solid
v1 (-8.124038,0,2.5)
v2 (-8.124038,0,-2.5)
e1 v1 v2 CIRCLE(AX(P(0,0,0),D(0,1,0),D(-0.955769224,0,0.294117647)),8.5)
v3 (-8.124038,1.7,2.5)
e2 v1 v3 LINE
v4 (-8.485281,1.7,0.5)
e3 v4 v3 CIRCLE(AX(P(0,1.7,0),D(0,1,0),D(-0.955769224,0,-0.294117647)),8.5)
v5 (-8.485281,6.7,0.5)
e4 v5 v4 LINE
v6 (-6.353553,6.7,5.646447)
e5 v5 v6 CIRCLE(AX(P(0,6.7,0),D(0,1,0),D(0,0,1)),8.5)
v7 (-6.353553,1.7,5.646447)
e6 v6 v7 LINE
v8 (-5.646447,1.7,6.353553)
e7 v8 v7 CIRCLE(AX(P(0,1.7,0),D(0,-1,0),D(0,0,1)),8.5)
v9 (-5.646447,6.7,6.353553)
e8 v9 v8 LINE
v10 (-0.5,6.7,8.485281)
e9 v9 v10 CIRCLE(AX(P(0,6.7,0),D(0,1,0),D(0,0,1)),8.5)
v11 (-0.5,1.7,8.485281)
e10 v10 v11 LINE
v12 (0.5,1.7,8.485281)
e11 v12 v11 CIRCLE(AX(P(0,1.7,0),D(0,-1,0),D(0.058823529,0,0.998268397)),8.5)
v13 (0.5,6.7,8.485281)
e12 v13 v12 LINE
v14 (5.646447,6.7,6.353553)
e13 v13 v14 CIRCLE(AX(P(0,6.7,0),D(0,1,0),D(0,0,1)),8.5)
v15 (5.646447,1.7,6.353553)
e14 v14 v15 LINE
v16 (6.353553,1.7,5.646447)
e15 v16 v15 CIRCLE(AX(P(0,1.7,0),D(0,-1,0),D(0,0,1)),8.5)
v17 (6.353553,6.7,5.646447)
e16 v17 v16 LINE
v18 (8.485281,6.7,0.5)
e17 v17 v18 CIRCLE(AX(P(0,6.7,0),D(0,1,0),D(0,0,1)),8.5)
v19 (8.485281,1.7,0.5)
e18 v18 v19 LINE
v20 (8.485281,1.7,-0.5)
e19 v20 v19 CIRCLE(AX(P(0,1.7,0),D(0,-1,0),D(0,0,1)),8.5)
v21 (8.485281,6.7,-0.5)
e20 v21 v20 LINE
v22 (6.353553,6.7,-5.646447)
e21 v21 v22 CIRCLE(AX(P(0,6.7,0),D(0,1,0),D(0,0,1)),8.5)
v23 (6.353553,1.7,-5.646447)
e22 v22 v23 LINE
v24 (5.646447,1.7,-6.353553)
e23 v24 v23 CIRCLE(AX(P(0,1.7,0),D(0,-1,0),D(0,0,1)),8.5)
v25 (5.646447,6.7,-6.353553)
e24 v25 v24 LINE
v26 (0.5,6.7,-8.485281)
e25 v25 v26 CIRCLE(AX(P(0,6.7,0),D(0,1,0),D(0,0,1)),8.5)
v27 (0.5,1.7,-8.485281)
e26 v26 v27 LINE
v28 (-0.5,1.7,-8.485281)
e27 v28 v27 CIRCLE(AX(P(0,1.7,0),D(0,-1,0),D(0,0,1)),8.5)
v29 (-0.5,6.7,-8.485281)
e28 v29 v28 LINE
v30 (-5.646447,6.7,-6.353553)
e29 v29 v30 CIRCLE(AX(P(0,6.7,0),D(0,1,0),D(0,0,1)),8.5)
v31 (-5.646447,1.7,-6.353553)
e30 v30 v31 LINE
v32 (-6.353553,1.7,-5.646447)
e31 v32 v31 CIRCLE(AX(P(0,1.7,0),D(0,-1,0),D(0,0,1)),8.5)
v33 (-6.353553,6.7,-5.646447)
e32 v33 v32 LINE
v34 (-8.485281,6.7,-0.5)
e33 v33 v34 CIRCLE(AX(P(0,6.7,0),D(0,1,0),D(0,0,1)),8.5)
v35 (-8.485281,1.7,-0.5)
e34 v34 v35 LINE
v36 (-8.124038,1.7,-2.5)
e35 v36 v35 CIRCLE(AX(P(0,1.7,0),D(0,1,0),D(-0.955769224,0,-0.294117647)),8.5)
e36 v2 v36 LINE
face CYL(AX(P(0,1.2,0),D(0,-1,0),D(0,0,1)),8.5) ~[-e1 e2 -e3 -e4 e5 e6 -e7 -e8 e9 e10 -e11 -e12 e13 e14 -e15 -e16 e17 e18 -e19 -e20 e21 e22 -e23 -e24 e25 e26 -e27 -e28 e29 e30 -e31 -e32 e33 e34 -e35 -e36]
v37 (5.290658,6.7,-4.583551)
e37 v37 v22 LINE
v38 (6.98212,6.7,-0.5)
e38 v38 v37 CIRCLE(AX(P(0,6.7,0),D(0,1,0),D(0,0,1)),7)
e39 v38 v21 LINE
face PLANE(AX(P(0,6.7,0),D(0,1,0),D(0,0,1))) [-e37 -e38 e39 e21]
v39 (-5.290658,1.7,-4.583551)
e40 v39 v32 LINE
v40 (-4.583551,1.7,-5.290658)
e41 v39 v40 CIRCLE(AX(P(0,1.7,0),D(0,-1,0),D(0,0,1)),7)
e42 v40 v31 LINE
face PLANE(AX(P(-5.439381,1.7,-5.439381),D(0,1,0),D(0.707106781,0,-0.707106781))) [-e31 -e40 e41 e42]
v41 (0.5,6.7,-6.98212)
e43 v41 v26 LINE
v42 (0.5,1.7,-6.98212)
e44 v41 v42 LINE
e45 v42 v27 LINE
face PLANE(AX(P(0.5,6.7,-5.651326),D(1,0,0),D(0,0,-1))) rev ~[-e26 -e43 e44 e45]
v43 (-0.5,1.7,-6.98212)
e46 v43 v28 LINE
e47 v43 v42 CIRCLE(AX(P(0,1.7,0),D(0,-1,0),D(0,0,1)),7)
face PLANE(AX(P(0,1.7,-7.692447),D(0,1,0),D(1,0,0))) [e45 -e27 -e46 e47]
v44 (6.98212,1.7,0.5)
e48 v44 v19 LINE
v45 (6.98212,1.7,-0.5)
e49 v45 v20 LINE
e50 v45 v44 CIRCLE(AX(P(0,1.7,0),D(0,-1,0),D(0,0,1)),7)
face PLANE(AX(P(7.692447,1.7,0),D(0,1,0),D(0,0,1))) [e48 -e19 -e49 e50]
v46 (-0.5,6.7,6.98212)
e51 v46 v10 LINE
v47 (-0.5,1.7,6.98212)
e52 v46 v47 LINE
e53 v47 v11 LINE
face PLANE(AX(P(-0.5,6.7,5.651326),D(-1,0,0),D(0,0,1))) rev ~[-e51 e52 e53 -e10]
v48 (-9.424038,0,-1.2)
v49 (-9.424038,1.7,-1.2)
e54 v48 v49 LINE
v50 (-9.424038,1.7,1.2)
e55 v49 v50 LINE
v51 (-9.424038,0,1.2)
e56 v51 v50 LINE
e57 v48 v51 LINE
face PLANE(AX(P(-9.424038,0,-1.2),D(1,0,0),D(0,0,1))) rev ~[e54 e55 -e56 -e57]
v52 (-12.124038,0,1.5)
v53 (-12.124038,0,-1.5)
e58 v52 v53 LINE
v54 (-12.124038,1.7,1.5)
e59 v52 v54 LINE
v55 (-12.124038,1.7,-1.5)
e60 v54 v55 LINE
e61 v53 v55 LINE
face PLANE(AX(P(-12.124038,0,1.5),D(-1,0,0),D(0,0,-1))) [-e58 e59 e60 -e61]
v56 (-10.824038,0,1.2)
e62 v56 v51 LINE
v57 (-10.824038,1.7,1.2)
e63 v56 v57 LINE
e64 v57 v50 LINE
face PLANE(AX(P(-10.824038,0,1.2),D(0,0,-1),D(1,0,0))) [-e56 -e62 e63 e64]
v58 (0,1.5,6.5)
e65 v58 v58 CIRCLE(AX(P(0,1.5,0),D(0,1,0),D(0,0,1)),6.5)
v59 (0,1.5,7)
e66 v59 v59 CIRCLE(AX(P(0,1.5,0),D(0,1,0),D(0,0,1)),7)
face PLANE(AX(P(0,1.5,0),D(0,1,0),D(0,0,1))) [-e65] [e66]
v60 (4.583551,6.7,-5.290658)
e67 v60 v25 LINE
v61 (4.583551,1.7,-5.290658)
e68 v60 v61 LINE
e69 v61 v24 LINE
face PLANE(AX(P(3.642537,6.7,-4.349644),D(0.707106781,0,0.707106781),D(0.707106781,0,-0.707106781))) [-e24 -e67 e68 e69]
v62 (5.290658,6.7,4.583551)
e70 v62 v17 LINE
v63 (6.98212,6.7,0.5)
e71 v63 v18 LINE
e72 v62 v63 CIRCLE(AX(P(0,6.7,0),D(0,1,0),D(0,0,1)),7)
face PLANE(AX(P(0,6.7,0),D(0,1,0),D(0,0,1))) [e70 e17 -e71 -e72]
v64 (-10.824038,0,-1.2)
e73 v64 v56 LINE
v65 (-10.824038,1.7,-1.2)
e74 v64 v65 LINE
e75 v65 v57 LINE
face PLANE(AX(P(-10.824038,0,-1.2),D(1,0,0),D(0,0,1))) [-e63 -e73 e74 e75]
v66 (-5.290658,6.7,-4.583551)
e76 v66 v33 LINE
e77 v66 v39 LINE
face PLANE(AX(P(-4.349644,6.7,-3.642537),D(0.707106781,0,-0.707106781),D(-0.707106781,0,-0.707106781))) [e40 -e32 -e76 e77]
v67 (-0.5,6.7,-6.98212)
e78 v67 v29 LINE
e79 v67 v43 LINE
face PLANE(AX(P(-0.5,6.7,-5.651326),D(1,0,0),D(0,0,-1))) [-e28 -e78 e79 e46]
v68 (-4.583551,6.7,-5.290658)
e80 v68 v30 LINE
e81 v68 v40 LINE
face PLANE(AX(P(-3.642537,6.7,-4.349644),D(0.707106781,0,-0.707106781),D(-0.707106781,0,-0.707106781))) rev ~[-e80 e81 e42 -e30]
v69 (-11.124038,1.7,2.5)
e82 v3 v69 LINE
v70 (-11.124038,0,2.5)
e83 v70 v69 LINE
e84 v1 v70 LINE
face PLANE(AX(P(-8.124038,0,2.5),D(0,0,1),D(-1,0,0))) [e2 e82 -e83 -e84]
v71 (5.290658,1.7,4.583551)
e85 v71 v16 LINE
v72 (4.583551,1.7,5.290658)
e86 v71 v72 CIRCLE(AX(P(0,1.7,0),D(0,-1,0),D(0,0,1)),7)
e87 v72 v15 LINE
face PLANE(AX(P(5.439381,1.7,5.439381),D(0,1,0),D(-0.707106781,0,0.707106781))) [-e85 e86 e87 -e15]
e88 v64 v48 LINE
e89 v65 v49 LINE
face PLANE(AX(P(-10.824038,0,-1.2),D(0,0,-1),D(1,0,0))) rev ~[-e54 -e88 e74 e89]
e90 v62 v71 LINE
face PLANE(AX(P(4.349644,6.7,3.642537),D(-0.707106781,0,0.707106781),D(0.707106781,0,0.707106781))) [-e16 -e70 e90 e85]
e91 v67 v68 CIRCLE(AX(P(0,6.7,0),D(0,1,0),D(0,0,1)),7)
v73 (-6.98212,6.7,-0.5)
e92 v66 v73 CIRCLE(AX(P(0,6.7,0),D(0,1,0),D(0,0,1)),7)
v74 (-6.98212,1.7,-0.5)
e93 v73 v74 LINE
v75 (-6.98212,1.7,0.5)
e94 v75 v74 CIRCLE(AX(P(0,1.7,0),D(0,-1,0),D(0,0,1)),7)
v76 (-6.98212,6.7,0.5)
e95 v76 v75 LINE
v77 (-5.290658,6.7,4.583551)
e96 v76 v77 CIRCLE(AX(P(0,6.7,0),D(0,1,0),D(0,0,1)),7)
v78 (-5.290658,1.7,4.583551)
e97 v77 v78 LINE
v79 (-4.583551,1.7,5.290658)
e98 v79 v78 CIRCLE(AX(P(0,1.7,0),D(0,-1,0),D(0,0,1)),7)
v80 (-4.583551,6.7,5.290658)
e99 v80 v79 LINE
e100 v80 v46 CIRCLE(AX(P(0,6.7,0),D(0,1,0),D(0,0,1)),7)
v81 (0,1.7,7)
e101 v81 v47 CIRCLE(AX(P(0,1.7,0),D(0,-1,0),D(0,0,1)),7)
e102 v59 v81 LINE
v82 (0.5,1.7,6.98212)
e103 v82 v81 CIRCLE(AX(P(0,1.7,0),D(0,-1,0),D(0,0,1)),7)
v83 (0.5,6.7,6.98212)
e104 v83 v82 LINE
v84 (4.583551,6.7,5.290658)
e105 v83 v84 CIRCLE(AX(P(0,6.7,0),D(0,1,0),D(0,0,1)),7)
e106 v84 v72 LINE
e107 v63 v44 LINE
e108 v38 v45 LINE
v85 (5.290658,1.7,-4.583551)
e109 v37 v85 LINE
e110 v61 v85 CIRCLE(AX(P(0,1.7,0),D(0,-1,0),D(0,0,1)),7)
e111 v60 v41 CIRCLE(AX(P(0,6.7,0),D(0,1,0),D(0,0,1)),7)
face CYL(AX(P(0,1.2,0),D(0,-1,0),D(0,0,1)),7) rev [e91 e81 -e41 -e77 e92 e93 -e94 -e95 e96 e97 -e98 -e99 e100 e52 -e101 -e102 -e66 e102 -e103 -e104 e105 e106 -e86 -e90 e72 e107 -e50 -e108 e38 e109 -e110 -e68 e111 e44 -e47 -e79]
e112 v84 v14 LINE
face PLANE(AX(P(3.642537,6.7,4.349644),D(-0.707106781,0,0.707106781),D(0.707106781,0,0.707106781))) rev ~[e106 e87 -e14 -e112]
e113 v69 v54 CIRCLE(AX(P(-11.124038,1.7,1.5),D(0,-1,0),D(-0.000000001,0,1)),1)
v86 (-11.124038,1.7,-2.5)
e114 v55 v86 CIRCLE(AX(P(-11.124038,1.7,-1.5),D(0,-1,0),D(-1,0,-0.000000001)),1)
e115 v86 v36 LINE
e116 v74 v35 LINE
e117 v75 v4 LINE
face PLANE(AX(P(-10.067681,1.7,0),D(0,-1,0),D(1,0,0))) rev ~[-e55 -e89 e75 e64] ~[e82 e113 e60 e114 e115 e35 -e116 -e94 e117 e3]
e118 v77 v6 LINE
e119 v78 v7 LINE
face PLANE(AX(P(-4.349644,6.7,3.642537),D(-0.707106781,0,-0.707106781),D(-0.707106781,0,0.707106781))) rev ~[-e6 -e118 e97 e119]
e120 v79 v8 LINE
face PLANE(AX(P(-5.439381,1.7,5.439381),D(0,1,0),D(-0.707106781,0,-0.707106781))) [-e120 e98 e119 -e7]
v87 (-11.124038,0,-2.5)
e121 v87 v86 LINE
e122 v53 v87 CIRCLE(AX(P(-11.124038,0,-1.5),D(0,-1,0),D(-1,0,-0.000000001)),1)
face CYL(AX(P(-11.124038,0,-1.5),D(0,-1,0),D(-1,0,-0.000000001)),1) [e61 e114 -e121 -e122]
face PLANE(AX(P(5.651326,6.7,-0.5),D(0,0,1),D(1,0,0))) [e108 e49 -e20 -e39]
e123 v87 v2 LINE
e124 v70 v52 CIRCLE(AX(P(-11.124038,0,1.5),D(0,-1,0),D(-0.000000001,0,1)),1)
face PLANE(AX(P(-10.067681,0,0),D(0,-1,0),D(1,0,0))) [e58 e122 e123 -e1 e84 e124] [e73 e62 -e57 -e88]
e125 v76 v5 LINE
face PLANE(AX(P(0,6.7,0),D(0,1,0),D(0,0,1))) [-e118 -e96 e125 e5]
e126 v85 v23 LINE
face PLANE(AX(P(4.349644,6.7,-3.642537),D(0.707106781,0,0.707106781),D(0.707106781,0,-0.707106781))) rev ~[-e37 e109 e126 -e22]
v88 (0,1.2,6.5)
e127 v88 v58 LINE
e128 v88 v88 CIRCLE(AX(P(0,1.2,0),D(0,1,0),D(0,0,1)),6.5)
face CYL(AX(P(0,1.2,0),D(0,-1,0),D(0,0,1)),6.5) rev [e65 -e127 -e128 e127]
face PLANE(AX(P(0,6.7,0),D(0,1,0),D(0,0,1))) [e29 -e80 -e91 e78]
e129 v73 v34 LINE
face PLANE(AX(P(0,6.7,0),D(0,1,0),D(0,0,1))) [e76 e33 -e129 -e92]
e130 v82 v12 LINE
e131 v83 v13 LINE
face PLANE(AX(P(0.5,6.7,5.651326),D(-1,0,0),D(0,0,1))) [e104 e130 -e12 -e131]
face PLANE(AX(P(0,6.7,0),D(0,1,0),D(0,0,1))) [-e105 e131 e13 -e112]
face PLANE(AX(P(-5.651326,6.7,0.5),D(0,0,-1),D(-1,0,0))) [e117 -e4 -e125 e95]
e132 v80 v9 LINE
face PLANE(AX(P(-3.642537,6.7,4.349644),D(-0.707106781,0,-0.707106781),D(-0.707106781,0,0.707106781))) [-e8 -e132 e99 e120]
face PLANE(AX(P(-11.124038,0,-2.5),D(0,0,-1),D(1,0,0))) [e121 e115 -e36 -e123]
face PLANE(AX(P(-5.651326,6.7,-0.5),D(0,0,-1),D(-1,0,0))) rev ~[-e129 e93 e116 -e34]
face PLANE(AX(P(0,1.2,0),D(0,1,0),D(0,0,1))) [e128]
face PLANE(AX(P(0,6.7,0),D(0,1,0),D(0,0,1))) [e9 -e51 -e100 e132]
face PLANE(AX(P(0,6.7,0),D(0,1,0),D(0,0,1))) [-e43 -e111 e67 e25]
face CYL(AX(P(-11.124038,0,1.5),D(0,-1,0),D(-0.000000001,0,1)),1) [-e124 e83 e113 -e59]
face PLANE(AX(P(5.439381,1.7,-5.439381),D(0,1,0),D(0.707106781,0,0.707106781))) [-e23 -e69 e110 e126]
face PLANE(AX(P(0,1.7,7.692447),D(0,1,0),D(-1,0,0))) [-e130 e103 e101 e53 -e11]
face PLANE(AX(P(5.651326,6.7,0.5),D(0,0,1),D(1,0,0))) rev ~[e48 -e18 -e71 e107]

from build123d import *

# Parameters (mm, degrees)
SKETCH_1_R               = 8.5
EXTRUDE_1_DEPTH          = 1.2
SKETCH_2_R               = 8.5
SKETCH_2_R_2             = 7
EXTRUDE_2_DEPTH          = 5.5
SKETCH_3_R               = 7
SKETCH_3_R_2             = 6.5
EXTRUDE_3_DEPTH          = 0.3
SKETCH_4_W               = 1
SKETCH_4_H               = 4.082242853
CUT_EXTRUDE_1_DEPTH      = 5
PATTERN_CIRCULAR_1_COUNT = 8
SKETCH_5_W               = 1.4
SKETCH_5_H               = 2.4
EXTRUDE_4_DEPTH          = 1.7


with BuildPart() as part:
    # Эскиз1 → Бобышка-Вытянуть1 (new body)
    with BuildSketch(Plane(origin=(0, 0, 0), x_dir=(1, 0, 0), z_dir=(0, 1, 0))):
        with Locations(Location((0, 0, 0), (0, 0, 270))):
            Circle(SKETCH_1_R)
    extrude(amount=EXTRUDE_1_DEPTH)

    # Эскиз2 → Бобышка-Вытянуть2 (add)
    with BuildSketch(Plane(origin=(0, 1.2, 0), x_dir=(1, 0, 0), z_dir=(0, 1, 0))):
        with Locations(Location((0, 0, 0), (0, 0, 270))):
            Circle(SKETCH_2_R)
        with Locations(Location((0, 0, 0), (0, 0, 270))):
            Circle(SKETCH_2_R_2, mode=Mode.SUBTRACT)
    extrude(amount=EXTRUDE_2_DEPTH)

    # Эскиз3 → Бобышка-Вытянуть3 (add)
    with BuildSketch(Plane(origin=(0, 1.2, 0), x_dir=(1, 0, 0), z_dir=(0, 1, 0))):
        with Locations(Location((0, 0, 0), (0, 0, 270))):
            Circle(SKETCH_3_R)
        with Locations(Location((0, 0, 0), (0, 0, 270))):
            Circle(SKETCH_3_R_2, mode=Mode.SUBTRACT)
    extrude(amount=EXTRUDE_3_DEPTH)

    # Эскиз4 → Вырез-Вытянуть1 (cut)
    with BuildSketch(Plane(origin=(0, 6.7, 0), x_dir=(1, 0, 0), z_dir=(0, 1, 0))):
        with Locations((0, 7.692447021)):
            Rectangle(SKETCH_4_W, SKETCH_4_H)
    cut_extrude_1 = extrude(amount=-CUT_EXTRUDE_1_DEPTH, mode=Mode.SUBTRACT)

    # Круговой массив1: Вырез-Вытянуть1 ×8 about axis
    pattern_circular_1_axis = Axis((0, 0, 0), (0, 1, 0))
    for i in range(1, PATTERN_CIRCULAR_1_COUNT):
        add(cut_extrude_1.rotate(pattern_circular_1_axis, i * 360 / PATTERN_CIRCULAR_1_COUNT), mode=Mode.SUBTRACT)

    # Эскиз5 → Бобышка-Вытянуть4 (add)
    with BuildSketch(Plane.XZ):
        with BuildLine():
            Line((-11.124038405, -2.5), (-8.124038405, -2.5))
            ThreePointArc((-8.124038405, -2.5), (-8.5, 0), (-8.124038405, 2.5))
            Line((-8.124038405, 2.5), (-11.124038405, 2.5))
            ThreePointArc((-11.124038405, 2.5), (-11.831145186, 2.207106781), (-12.124038405, 1.5))
            Line((-12.124038405, 1.5), (-12.124038405, -1.5))
            ThreePointArc((-12.124038405, -1.5), (-11.831145186, -2.207106781), (-11.124038405, -2.5))
        make_face()
        with Locations((-10.124038405, 0)):
            Rectangle(SKETCH_5_W, SKETCH_5_H, mode=Mode.SUBTRACT)
    extrude(amount=-EXTRUDE_4_DEPTH)


solid = part.part
